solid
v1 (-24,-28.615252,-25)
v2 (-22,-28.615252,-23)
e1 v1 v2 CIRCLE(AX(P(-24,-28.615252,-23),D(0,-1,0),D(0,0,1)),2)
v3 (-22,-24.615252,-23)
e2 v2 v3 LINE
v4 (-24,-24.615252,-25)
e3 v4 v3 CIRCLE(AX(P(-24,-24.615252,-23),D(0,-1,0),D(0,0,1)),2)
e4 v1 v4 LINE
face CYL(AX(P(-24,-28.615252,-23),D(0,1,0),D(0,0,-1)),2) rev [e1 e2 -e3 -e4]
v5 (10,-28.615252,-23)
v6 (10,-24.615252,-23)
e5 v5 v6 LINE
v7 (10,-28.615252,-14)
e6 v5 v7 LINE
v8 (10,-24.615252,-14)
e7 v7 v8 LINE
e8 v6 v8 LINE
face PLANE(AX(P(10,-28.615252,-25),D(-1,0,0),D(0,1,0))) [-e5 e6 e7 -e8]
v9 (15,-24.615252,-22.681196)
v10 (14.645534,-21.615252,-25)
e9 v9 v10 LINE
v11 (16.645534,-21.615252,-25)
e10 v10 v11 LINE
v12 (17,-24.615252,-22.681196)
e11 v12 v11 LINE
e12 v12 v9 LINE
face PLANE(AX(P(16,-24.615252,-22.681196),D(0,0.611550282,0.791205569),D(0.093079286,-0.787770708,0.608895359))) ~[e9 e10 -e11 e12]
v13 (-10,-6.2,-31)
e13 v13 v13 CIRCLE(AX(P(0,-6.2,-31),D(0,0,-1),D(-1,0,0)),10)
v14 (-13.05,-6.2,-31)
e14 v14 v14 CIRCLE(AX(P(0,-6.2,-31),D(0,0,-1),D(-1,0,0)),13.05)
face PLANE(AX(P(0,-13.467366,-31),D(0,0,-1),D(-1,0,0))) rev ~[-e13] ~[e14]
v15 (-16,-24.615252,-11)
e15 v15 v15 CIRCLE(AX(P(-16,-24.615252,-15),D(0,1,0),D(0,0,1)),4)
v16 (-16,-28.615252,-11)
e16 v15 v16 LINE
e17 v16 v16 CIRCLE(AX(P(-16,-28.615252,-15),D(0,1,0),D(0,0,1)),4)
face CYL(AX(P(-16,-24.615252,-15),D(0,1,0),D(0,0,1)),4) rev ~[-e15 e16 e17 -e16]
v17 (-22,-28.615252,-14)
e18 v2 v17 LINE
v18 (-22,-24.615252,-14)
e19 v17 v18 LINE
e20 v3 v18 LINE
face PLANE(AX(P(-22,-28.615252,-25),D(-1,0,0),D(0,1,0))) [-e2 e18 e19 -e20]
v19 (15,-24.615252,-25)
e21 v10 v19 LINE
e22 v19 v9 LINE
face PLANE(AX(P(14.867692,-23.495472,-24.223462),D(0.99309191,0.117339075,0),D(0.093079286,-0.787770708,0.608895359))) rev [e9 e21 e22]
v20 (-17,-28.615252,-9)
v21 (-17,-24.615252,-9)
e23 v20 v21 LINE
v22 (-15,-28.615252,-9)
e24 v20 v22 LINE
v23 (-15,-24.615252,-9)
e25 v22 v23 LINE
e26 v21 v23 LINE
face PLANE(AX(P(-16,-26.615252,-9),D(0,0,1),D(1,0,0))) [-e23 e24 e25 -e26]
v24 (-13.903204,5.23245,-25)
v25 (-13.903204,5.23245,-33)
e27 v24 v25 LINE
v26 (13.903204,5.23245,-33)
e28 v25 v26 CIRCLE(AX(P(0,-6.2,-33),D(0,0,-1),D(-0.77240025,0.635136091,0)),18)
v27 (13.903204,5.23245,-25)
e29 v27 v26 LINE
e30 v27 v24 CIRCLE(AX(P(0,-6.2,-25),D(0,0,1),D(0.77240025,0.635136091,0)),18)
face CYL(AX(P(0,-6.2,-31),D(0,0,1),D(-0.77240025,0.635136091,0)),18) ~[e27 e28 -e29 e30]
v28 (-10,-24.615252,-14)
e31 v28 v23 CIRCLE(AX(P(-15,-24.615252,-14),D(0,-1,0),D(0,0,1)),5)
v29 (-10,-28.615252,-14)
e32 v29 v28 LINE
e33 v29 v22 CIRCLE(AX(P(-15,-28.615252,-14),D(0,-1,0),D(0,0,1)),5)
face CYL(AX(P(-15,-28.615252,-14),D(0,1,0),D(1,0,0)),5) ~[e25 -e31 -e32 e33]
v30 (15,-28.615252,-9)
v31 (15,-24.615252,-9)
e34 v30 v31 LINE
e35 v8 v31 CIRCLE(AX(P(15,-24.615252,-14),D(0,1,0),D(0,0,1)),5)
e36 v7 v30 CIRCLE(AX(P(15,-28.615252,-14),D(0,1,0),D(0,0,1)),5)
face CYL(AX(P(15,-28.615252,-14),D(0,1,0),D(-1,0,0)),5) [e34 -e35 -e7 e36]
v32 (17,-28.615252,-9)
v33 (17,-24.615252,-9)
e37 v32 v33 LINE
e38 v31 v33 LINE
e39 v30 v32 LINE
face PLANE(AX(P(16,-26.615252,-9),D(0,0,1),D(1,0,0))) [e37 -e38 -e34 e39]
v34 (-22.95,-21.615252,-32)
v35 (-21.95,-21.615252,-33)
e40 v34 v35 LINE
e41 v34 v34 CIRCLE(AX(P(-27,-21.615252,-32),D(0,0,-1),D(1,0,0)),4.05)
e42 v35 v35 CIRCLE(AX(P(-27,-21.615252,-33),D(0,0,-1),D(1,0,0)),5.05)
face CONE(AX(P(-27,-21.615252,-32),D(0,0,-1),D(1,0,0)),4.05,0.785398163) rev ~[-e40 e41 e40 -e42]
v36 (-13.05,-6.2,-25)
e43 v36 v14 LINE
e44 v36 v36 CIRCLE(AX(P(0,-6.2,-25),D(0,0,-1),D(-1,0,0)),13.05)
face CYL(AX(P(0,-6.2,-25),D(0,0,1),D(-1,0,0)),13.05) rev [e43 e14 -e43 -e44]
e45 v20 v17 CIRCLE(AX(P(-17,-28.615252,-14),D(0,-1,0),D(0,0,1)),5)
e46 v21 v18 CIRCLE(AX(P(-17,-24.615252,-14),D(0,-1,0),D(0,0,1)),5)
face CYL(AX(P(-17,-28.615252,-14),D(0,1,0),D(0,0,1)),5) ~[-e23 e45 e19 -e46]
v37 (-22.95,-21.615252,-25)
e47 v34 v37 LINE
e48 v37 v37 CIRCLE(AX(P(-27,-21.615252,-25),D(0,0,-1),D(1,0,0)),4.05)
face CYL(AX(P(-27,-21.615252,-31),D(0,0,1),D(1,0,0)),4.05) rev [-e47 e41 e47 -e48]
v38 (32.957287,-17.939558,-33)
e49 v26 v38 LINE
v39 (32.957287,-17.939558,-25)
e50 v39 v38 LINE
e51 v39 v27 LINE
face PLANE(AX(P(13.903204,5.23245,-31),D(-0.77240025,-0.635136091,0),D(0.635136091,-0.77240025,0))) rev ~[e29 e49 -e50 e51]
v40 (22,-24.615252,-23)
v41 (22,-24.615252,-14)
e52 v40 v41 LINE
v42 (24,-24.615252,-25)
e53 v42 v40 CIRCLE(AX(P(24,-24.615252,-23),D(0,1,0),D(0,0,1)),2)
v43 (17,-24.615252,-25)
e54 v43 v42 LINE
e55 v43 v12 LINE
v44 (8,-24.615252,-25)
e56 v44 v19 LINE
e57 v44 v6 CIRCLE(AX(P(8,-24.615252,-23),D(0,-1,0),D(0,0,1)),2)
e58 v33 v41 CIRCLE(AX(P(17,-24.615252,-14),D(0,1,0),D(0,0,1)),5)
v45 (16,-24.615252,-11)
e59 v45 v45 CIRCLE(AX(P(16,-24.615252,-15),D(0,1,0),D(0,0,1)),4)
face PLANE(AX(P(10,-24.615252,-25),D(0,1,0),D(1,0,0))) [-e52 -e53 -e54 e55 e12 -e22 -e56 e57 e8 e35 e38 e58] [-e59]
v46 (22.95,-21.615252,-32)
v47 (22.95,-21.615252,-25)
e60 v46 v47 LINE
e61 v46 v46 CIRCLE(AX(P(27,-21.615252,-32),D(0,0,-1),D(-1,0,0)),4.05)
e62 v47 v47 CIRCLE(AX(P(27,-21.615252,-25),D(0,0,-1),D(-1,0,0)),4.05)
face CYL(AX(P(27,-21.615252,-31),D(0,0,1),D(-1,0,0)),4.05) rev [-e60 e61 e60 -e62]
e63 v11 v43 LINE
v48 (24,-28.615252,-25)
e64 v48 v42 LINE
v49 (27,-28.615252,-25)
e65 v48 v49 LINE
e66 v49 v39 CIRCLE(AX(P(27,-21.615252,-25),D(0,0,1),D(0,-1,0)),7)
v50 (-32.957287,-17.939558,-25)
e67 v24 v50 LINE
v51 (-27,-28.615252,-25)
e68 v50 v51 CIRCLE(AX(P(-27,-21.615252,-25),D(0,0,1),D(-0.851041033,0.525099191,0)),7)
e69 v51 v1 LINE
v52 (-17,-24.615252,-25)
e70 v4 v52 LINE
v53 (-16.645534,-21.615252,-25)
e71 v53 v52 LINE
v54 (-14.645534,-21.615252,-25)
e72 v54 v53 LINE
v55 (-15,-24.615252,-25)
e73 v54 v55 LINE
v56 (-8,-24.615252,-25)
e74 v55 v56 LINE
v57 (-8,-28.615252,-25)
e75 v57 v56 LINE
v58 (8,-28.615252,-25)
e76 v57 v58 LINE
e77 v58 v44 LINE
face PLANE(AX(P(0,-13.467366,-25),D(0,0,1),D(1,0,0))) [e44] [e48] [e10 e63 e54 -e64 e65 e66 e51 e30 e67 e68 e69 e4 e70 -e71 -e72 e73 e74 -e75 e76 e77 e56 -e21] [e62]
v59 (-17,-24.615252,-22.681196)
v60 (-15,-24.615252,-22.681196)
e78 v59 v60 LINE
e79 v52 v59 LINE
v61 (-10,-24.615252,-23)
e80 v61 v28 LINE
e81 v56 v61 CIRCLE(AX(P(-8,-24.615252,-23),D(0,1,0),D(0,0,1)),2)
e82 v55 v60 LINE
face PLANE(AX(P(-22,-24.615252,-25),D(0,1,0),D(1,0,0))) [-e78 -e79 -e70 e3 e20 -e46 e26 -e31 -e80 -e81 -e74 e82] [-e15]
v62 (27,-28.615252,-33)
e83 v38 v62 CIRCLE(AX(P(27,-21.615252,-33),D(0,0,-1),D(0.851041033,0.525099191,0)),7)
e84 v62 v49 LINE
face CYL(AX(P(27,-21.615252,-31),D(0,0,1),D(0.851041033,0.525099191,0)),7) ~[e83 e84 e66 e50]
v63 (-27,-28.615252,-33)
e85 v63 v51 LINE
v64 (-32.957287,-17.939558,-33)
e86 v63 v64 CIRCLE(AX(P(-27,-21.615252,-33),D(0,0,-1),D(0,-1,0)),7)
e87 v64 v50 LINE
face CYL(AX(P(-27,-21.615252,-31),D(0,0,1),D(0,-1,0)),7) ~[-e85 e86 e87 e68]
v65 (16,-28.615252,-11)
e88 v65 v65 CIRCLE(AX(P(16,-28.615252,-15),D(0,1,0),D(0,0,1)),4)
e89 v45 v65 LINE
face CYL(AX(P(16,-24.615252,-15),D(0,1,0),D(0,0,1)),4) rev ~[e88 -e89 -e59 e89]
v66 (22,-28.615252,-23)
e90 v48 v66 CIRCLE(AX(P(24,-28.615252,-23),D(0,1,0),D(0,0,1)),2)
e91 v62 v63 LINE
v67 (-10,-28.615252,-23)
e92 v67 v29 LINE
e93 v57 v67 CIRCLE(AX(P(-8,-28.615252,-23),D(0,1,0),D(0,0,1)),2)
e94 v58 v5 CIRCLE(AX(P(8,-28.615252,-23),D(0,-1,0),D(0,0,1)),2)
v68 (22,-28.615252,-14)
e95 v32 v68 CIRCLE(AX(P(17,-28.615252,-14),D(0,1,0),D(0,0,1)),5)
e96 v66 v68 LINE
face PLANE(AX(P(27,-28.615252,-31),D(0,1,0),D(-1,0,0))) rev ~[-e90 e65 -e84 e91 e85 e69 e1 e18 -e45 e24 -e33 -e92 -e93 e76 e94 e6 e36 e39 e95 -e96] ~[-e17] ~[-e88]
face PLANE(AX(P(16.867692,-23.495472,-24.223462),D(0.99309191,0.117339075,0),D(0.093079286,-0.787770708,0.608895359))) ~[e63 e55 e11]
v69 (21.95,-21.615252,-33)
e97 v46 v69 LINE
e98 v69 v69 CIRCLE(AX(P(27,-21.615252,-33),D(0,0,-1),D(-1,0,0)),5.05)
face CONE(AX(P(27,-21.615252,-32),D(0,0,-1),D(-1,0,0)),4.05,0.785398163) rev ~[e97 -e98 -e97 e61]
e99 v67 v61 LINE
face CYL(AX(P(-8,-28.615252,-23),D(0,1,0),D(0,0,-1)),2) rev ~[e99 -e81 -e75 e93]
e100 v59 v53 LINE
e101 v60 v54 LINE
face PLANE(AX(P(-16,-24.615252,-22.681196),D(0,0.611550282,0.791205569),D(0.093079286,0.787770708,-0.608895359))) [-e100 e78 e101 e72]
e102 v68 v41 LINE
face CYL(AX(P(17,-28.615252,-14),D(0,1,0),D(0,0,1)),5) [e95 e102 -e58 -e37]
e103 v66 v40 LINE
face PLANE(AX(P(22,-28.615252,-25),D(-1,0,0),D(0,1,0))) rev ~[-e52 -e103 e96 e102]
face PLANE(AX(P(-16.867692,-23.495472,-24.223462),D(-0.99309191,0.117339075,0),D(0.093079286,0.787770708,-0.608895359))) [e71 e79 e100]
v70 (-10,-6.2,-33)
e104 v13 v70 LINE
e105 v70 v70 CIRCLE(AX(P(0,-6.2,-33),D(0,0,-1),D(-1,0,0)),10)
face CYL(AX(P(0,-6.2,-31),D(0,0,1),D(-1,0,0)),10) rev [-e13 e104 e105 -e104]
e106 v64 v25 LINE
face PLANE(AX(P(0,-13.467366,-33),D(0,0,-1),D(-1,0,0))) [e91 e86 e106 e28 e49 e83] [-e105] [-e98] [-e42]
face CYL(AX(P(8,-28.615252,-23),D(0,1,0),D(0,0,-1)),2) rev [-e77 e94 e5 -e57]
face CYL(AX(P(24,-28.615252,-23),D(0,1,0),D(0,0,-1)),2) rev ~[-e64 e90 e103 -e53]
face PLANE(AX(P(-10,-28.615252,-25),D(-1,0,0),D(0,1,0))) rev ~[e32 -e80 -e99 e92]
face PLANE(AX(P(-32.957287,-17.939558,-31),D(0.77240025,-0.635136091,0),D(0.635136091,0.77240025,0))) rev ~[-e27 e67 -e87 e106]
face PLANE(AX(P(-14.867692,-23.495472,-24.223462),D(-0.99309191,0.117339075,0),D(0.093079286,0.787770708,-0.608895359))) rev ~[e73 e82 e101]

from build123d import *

# Parameters (mm, degrees)
SALIENTE_EXTRUIR1_DEPTH = 23
SALIENTE_EXTRUIR2_DEPTH = 2
CROQUIS3_W              = 74.8935
CROQUIS3_H              = 50
SALIENTE_EXTRUIR3_DEPTH = 2
CROQUIS4_R              = 4.05
SALIENTE_EXTRUIR4_DEPTH = 50
CHAFL_N2_SIZE           = 1
CROQUIS7_R              = 4.05
CROQUIS7_R_2            = 13.05
SALIENTE_EXTRUIR5_DEPTH = 6
CROQUIS8_W              = 12
CROQUIS8_H              = 4
SALIENTE_EXTRUIR6_DEPTH = 16
REDONDEO3_R             = 2
REDONDEO4_R             = 5
CROQUIS14_R             = 4
CORTAR_EXTRUIR1_DEPTH   = 10
SALIENTE_EXTRUIR7_DEPTH = 1
CROQUIS20_R             = 4.05
CROQUIS20_R_2           = 10
SALIENTE_EXTRUIR8_DEPTH = 2
CHAFL_N3_SIZE           = 1


with BuildPart() as part:
    # Croquis1 → Saliente-Extruir1 (new, symmetric)
    with BuildSketch(Plane.XY):
        Polygon((-7.48935, 0), (7.48935, 0), (0.00065, 21.6199), align=None)
    extrude(amount=SALIENTE_EXTRUIR1_DEPTH, both=True)

    # Croquis2 → Saliente-Extruir2 (add)
    with BuildSketch(Plane.XY.offset(23)):
        Polygon((37.44675, 0), (-37.44675, 0), (0.00065, 21.6199), align=None)
    saliente_extruir2 = extrude(amount=SALIENTE_EXTRUIR2_DEPTH)

    # Simetría1: Saliente-Extruir2 across plane
    add(saliente_extruir2.mirror(Plane.XY))

    # Croquis3 → Saliente-Extruir3 (add)
    with BuildSketch(Plane.XZ):
        Rectangle(CROQUIS3_W, CROQUIS3_H)
    extrude(amount=SALIENTE_EXTRUIR3_DEPTH)

    # Croquis4 → Saliente-Extruir4 (add)
    with BuildSketch(Plane.XY.offset(25)):
        with BuildLine():
            Line((7.743545699, -2), (-7.743545699, -2))
            ThreePointArc((-7.743545699, -2), (-6.147743753, -2.794422898), (-5.819683414, -4.546583851))
            ThreePointArc((-5.819683414, -4.546583851), (0, -12.25), (5.819683414, -4.546583851))
            ThreePointArc((5.819683414, -4.546583851), (6.147743753, -2.794422898), (7.743545699, -2))
        make_face()
        with Locations((0, -6.2)):
            Circle(CROQUIS4_R, mode=Mode.SUBTRACT)
    extrude(amount=-SALIENTE_EXTRUIR4_DEPTH)

    # Chaflán2
    chafl_n2_edges = [part.edges().sort_by_distance(p)[0] for p in [
        (-4.05, -6.2, -25),
        (-4.05, -6.2, 25),
    ]]
    chamfer(chafl_n2_edges, length=CHAFL_N2_SIZE)


with BuildPart() as body_2:
    # Croquis7 → Saliente-Extruir5 (new body)
    with BuildSketch(Plane(origin=(0, 0, -25), x_dir=(-1, 0, 0), z_dir=(0, 0, -1))):
        with BuildLine():
            Line((27, -28.615252187), (-27, -28.615252187))
            ThreePointArc((-27, -28.615252187), (-33.112686004, -25.026274001), (-32.957287229, -17.939557849))
            Line((-32.957287229, -17.939557849), (-13.903204494, 5.232449641))
            ThreePointArc((-13.903204494, 5.232449641), (0, 11.8), (13.903204494, 5.232449641))
            Line((13.903204494, 5.232449641), (32.957287229, -17.939557849))
            ThreePointArc((32.957287229, -17.939557849), (33.112686004, -25.026274001), (27, -28.615252187))
        make_face()
        with Locations((-27, -21.615252187)):
            Circle(CROQUIS7_R, mode=Mode.SUBTRACT)
        with Locations(Location((27, -21.615252187, 0), (0, 0, 180))):
            Circle(CROQUIS7_R, mode=Mode.SUBTRACT)
        with Locations((0, -6.2)):
            Circle(CROQUIS7_R_2, mode=Mode.SUBTRACT)
    extrude(amount=SALIENTE_EXTRUIR5_DEPTH)

    # Croquis8 → Saliente-Extruir6 (add)
    with BuildSketch(Plane.XY.offset(-25)):
        with Locations((-16, -26.615252187)):
            Rectangle(CROQUIS8_W, CROQUIS8_H)
        with Locations((16, -26.615252187)):
            Rectangle(CROQUIS8_W, CROQUIS8_H)
    extrude(amount=SALIENTE_EXTRUIR6_DEPTH)

    # Redondeo3
    redondeo3_edges = [body_2.edges().sort_by_distance(p)[0] for p in [
        (-22, -26.615252187, -25),
        (-10, -26.615252187, -25),
        (22, -26.615252187, -25),
        (10, -26.615252187, -25),
    ]]
    fillet(redondeo3_edges, radius=REDONDEO3_R)

    # Redondeo4
    redondeo4_edges = [body_2.edges().sort_by_distance(p)[0] for p in [
        (-22, -26.615252187, -9),
        (-10, -26.615252187, -9),
        (22, -26.615252187, -9),
        (10, -26.615252187, -9),
    ]]
    fillet(redondeo4_edges, radius=REDONDEO4_R)

    # Croquis14 → Cortar-Extruir1 (cut)
    with BuildSketch(Plane(origin=(0, -24.615252187, 0), x_dir=(1, 0, 0), z_dir=(0, 1, 0))):
        with Locations(Location((-16, 15, 0), (0, 0, 270))):
            Circle(CROQUIS14_R)
        with Locations(Location((16, 15, 0), (0, 0, 270))):
            Circle(CROQUIS14_R)
    extrude(amount=-CORTAR_EXTRUIR1_DEPTH, mode=Mode.SUBTRACT)

    # Croquis3D2 → Saliente-Extruir7 (add, symmetric, along a direction that is not the sketch's normal)
    with BuildSketch(Plane(origin=(-16, -24.615252187, -22.681195735), x_dir=(0.09307928640942055, 0.7877707078361105, -0.6088953590863595), z_dir=(-0.9930919098636288, 0.11733907517707019, 0))):
        Polygon((0, 0), (3.808214713, 0), (1.411909156, 1.839392768), align=None)
    saliente_extruir7 = extrude(amount=SALIENTE_EXTRUIR7_DEPTH, dir=(-1, 0, 0), both=True)

    # Simetría2: Saliente-Extruir7 across plane
    add(saliente_extruir7.mirror(Plane(origin=(0, 0, 0), x_dir=(0, 0, 1), z_dir=(1, 0, 0))))

    # Croquis20 → Saliente-Extruir8 (add)
    with BuildSketch(Plane(origin=(0, 0, -31), x_dir=(-1, 0, 0), z_dir=(0, 0, -1))):
        with BuildLine():
            Line((32.957287229, -17.939557849), (13.903204494, 5.232449641))
            ThreePointArc((13.903204494, 5.232449641), (0, 11.8), (-13.903204494, 5.232449641))
            Line((-13.903204494, 5.232449641), (-32.957287229, -17.939557849))
            ThreePointArc((-32.957287229, -17.939557849), (-33.112686004, -25.026274001), (-27, -28.615252187))
            Line((-27, -28.615252187), (27, -28.615252187))
            ThreePointArc((27, -28.615252187), (33.112686004, -25.026274001), (32.957287229, -17.939557849))
        make_face()
        with Locations((-27, -21.615252187)):
            Circle(CROQUIS20_R, mode=Mode.SUBTRACT)
        with Locations(Location((27, -21.615252187, 0), (0, 0, 180))):
            Circle(CROQUIS20_R, mode=Mode.SUBTRACT)
        with Locations((0, -6.2)):
            Circle(CROQUIS20_R_2, mode=Mode.SUBTRACT)
    extrude(amount=SALIENTE_EXTRUIR8_DEPTH)

    # Chaflán3
    chafl_n3_edges = [body_2.edges().sort_by_distance(p)[0] for p in [
        (31.05, -21.615252187, -33),
        (-31.05, -21.615252187, -33),
    ]]
    chamfer(chafl_n3_edges, length=CHAFL_N3_SIZE)


solid = body_2.part
